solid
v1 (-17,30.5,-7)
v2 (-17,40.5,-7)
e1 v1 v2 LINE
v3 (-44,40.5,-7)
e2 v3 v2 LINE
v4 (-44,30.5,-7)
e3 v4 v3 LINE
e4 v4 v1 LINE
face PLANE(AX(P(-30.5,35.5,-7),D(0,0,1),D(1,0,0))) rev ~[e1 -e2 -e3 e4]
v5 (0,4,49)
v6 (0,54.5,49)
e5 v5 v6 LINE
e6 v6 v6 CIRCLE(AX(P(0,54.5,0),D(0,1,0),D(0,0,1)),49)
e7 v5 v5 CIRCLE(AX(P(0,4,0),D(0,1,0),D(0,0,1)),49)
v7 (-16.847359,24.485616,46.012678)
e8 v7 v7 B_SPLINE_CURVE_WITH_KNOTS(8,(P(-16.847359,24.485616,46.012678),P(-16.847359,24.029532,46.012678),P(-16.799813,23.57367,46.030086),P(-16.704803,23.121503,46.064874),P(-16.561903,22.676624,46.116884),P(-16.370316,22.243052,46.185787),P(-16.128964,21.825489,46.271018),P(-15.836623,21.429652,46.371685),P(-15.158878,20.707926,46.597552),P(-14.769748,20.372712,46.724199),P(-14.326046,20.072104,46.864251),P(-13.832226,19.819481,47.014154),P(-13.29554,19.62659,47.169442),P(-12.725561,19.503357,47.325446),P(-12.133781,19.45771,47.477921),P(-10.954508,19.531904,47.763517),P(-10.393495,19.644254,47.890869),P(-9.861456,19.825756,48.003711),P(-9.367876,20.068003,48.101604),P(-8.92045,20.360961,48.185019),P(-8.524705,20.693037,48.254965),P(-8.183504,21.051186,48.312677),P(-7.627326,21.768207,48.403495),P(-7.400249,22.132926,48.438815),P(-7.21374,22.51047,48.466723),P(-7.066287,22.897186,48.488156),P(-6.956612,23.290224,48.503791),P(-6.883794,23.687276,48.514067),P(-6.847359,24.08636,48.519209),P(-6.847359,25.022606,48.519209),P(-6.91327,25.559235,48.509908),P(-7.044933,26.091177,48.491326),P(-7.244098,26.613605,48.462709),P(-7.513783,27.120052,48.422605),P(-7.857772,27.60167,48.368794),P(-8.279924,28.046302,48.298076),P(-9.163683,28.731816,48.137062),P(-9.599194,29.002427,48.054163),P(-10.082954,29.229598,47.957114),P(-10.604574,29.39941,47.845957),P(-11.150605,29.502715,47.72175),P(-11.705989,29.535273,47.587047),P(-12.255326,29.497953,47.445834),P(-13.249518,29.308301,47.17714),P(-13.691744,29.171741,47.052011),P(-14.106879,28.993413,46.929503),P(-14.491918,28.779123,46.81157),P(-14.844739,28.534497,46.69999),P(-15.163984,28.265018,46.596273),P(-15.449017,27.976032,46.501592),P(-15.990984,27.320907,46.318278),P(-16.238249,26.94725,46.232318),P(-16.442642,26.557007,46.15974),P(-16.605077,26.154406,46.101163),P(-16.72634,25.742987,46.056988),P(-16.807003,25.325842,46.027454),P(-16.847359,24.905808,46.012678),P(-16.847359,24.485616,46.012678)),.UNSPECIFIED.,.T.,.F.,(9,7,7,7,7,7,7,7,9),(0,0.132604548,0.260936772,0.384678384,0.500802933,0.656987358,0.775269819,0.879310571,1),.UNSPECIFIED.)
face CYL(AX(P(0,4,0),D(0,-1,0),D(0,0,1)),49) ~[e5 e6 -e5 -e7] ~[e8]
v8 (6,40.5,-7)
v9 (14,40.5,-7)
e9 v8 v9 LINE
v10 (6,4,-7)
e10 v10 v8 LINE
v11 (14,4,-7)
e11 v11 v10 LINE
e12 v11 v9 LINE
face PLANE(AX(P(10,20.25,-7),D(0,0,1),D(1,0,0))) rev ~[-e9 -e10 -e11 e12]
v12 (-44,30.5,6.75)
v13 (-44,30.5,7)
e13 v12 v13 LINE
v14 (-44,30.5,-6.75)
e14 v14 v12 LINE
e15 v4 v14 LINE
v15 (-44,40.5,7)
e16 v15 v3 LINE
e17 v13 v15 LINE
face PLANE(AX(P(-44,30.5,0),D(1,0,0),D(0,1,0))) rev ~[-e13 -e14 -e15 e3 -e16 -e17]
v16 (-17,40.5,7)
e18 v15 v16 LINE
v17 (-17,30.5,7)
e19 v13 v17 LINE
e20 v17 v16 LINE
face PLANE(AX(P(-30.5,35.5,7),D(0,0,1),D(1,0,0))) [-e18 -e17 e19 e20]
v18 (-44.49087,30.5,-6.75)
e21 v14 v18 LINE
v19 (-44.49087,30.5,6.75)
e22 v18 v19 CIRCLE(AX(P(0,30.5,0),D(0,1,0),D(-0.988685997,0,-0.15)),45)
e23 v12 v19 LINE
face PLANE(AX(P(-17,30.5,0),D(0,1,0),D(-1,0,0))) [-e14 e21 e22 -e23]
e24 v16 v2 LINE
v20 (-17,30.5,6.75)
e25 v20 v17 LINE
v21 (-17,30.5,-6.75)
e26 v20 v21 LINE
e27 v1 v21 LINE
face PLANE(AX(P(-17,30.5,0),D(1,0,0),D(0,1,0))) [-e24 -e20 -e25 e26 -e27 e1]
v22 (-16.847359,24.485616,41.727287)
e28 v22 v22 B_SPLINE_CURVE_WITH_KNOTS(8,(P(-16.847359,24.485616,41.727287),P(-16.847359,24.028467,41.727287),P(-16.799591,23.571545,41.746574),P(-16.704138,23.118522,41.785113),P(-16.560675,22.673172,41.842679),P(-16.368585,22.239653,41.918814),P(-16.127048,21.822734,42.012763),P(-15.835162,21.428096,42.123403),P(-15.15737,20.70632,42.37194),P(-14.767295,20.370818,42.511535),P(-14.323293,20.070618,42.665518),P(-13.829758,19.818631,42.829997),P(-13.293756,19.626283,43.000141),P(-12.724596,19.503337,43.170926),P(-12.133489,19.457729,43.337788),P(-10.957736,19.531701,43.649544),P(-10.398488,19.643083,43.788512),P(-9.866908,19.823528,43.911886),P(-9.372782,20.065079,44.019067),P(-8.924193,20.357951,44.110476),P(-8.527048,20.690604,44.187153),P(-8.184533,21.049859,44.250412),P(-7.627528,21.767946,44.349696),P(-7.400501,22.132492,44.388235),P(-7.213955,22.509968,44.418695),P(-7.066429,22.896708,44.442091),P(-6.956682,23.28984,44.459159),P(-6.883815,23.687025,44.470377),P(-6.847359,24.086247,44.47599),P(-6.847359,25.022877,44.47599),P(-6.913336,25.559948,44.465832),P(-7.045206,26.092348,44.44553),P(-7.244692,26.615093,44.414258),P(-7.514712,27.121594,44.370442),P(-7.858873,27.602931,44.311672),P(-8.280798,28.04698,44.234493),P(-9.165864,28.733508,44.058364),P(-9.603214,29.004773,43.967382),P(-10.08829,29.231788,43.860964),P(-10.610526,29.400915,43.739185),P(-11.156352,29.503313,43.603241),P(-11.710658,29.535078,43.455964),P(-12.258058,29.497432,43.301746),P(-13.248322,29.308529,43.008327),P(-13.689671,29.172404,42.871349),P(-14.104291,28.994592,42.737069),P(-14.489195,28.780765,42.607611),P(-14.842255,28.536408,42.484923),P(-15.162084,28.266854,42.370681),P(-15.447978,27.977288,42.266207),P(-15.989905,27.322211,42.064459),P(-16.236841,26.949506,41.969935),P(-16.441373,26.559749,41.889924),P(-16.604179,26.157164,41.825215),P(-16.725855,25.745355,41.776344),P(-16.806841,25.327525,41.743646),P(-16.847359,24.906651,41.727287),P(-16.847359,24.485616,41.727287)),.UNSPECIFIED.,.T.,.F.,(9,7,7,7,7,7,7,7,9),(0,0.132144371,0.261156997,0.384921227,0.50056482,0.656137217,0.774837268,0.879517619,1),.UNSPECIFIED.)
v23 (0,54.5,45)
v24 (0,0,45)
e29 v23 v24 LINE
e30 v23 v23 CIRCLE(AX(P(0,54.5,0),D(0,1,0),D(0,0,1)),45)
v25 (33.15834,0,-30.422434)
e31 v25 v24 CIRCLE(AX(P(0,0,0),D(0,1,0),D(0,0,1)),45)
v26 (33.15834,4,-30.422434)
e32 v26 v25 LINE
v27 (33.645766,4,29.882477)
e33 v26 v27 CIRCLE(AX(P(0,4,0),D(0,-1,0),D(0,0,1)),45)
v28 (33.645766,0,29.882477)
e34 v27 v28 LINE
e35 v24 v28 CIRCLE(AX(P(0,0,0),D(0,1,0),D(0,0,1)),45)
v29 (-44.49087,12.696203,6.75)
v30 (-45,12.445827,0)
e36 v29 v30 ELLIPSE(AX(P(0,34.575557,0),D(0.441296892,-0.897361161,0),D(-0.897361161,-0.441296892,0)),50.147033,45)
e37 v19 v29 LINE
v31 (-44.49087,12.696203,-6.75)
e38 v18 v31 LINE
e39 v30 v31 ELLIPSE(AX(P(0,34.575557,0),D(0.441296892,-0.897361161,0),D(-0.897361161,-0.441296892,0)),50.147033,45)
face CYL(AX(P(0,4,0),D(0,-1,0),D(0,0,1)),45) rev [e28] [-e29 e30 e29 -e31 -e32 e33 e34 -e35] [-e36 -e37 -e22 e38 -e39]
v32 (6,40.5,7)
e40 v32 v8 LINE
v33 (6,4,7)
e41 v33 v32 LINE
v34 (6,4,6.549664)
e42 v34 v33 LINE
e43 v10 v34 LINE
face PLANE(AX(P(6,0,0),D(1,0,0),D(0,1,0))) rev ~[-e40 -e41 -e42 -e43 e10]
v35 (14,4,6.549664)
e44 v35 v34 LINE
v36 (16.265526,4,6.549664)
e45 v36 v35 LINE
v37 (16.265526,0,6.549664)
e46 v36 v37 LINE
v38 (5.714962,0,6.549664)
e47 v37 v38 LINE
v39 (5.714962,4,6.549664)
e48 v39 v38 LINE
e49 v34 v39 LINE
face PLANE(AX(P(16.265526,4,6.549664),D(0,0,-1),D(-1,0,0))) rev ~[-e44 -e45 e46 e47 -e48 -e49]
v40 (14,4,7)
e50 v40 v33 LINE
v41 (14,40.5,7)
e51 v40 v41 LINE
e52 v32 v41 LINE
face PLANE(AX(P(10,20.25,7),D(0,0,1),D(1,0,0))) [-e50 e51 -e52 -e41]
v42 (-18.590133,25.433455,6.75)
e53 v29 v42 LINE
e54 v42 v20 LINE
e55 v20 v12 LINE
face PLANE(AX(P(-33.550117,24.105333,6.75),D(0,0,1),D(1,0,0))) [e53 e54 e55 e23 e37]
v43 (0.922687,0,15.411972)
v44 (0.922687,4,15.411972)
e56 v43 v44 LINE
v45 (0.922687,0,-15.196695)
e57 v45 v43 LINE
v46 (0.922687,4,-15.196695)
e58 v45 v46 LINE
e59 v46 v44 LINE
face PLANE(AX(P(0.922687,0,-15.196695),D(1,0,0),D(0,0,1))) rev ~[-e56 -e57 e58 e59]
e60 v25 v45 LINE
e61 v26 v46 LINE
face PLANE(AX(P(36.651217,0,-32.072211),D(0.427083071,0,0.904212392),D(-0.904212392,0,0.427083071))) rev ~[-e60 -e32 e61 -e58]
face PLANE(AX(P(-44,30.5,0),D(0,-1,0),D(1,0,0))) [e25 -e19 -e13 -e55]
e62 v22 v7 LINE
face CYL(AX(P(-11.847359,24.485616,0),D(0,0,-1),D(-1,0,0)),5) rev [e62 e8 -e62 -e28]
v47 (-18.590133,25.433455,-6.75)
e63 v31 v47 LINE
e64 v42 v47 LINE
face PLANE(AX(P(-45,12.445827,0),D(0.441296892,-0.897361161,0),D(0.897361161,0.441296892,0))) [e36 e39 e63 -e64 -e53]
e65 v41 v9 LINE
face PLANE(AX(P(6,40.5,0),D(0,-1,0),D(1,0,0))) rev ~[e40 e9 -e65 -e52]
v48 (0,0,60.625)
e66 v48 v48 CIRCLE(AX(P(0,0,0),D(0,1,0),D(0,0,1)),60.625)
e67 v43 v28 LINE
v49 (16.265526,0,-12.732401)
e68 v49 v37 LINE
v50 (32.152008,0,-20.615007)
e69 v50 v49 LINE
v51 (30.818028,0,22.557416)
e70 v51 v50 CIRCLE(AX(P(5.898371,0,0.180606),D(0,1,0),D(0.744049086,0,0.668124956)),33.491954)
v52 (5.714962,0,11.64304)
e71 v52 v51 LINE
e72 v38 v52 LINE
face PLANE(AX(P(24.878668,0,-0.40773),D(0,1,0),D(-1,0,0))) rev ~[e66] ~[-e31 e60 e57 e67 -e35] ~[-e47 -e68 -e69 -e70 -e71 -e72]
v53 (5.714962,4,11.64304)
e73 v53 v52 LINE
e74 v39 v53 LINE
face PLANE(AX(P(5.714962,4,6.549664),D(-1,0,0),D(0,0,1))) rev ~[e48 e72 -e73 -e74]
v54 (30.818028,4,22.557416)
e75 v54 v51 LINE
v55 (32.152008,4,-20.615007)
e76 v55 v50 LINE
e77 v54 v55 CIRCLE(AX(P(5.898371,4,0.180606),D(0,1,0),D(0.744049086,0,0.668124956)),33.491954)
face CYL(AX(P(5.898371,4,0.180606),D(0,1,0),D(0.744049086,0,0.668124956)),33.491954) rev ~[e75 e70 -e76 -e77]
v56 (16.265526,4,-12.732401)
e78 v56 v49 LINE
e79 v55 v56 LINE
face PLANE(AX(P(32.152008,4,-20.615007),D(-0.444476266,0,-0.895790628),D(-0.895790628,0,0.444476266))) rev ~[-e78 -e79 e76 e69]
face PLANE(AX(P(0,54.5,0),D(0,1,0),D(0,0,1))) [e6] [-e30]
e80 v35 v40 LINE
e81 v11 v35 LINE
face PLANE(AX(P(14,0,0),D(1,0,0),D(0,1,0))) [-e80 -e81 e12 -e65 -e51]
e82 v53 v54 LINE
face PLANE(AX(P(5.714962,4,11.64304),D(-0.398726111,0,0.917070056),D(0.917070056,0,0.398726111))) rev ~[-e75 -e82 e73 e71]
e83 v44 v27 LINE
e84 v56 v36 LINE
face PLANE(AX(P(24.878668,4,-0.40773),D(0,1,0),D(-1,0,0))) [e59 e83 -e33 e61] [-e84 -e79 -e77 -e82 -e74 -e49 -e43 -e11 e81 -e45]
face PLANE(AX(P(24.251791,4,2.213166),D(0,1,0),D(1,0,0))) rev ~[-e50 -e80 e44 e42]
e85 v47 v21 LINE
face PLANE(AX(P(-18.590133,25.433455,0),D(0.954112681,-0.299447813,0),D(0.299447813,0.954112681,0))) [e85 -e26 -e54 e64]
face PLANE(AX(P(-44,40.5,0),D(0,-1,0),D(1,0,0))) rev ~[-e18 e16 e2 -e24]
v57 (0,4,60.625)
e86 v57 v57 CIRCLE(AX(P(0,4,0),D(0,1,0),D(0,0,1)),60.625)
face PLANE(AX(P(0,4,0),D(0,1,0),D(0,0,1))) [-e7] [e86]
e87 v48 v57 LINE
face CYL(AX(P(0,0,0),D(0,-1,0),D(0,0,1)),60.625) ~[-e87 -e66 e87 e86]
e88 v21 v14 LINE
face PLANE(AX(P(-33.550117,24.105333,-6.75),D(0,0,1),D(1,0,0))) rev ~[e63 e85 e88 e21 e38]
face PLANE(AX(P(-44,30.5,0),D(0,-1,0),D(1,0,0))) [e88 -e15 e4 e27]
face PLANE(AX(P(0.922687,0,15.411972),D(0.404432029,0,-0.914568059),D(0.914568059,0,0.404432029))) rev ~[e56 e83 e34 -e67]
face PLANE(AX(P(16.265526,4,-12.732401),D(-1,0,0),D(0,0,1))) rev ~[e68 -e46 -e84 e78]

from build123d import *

# Parameters (mm, degrees)
SKETCH1_R             = 60.625
SKETCH1_R_2           = 45
BOSS_EXTRUDE1_DEPTH   = 4
SKETCH2_R             = 49
SKETCH2_R_2           = 45
BOSS_EXTRUDE2_DEPTH   = 50.5
SKETCH4_W             = 8
SKETCH4_H             = 40.5
BOSS_EXTRUDE4_DEPTH   = 7
SKETCH4_W_2           = 27
SKETCH4_H_2           = 10
BOSS_EXTRUDE4_2_DEPTH = 7
BOSS_EXTRUDE5_DEPTH   = 4
SKETCH6_R             = 5
CUT_EXTRUDE2_DEPTH    = 52
CUT_EXTRUDE6_DEPTH    = 100.503925853
BOSS_EXTRUDE6_DEPTH   = 6.75


with BuildPart() as part:
    # Sketch1 → Boss-Extrude1 (new body)
    with BuildSketch(Plane(origin=(0, 0, 0), x_dir=(1, 0, 0), z_dir=(0, 1, 0))):
        with Locations(Location((0, 0, 0), (0, 0, 270))):
            Circle(SKETCH1_R)
        with Locations(Location((0, 0, 0), (0, 0, 270))):
            Circle(SKETCH1_R_2, mode=Mode.SUBTRACT)
    extrude(amount=BOSS_EXTRUDE1_DEPTH)

    # Sketch2 → Boss-Extrude2 (add)
    with BuildSketch(Plane(origin=(0, 4, 0), x_dir=(1, 0, 0), z_dir=(0, 1, 0))):
        with Locations(Location((0, 0, 0), (0, 0, 270))):
            Circle(SKETCH2_R)
        with Locations(Location((0, 0, 0), (0, 0, 270))):
            Circle(SKETCH2_R_2, mode=Mode.SUBTRACT)
    extrude(amount=BOSS_EXTRUDE2_DEPTH)



with BuildPart() as body_2:
    # Sketch4 → Boss-Extrude4 (new, symmetric)
    with BuildSketch(Plane.XY):
        with Locations((10, 20.25)):
            Rectangle(SKETCH4_W, SKETCH4_H)
    extrude(amount=BOSS_EXTRUDE4_DEPTH, both=True)


with BuildPart() as body_3:
    # Sketch4 → Boss-Extrude4 2 (new, symmetric)
    with BuildSketch(Plane.XY):
        with Locations((-30.5, 35.5)):
            Rectangle(SKETCH4_W_2, SKETCH4_H_2)
    extrude(amount=BOSS_EXTRUDE4_2_DEPTH, both=True)


with BuildPart() as part_1:
    add(part.part)

    add(body_2.part)  # Boss-Extrude5 merges body 2
    # Sketch5 → Boss-Extrude5 (add)
    with BuildSketch(Plane(origin=(0, 0, 0.832419338), x_dir=(1, 0, 0), z_dir=(0, -1, 0))):
        with BuildLine():
            Line((0.92268666, 14.579552818), (36.10584122, 30.137929754))
            ThreePointArc((36.10584122, 30.137929754), (47.46850162, -1.287411864), (36.651216878, -32.904630242))
            Line((36.651216878, -32.904630242), (0.92268666, -16.029114558))
            Line((0.92268666, -16.029114558), (0.92268666, 14.579552818))
        make_face()
    extrude(amount=-BOSS_EXTRUDE5_DEPTH)

    # Sketch6 → Cut-Extrude2 (cut)
    with BuildSketch(Plane.XY):
        with Locations(Location((-11.847358964, 24.485616242, 0), (0, 0, 180))):
            Circle(SKETCH6_R)
    extrude(amount=CUT_EXTRUDE2_DEPTH, mode=Mode.SUBTRACT)

    # Sketch11 → Cut-Extrude6 (cut, through all)
    with BuildSketch(Plane(origin=(0, 4, 0), x_dir=(1, 0, 0), z_dir=(0, 1, 0))):
        with BuildLine():
            Line((16.265526008, 12.732401326), (16.265526008, -6.549664017))
            Line((16.265526008, -6.549664017), (5.714961953, -6.549664017))
            Line((5.714961953, -6.549664017), (5.714961953, -11.643039768))
            Line((5.714961953, -11.643039768), (30.818028154, -22.557416377))
            ThreePointArc((30.818028154, -22.557416377), (39.374347706, -1.214976289), (32.152007517, 20.615006655))
            Line((32.152007517, 20.615006655), (16.265526008, 12.732401326))
        make_face()
    extrude(amount=-CUT_EXTRUDE6_DEPTH, mode=Mode.SUBTRACT)


    add(body_3.part)  # Boss-Extrude6 merges body 3
    # Sketch17 → Boss-Extrude6 (add, symmetric)
    with BuildSketch(Plane.XY):
        Polygon((-17, 30.5), (-45, 30.5), (-45, 12.445827276), (-18.590132897, 25.433454532), align=None)
    extrude(amount=BOSS_EXTRUDE6_DEPTH, both=True)


solid = part_1.part
